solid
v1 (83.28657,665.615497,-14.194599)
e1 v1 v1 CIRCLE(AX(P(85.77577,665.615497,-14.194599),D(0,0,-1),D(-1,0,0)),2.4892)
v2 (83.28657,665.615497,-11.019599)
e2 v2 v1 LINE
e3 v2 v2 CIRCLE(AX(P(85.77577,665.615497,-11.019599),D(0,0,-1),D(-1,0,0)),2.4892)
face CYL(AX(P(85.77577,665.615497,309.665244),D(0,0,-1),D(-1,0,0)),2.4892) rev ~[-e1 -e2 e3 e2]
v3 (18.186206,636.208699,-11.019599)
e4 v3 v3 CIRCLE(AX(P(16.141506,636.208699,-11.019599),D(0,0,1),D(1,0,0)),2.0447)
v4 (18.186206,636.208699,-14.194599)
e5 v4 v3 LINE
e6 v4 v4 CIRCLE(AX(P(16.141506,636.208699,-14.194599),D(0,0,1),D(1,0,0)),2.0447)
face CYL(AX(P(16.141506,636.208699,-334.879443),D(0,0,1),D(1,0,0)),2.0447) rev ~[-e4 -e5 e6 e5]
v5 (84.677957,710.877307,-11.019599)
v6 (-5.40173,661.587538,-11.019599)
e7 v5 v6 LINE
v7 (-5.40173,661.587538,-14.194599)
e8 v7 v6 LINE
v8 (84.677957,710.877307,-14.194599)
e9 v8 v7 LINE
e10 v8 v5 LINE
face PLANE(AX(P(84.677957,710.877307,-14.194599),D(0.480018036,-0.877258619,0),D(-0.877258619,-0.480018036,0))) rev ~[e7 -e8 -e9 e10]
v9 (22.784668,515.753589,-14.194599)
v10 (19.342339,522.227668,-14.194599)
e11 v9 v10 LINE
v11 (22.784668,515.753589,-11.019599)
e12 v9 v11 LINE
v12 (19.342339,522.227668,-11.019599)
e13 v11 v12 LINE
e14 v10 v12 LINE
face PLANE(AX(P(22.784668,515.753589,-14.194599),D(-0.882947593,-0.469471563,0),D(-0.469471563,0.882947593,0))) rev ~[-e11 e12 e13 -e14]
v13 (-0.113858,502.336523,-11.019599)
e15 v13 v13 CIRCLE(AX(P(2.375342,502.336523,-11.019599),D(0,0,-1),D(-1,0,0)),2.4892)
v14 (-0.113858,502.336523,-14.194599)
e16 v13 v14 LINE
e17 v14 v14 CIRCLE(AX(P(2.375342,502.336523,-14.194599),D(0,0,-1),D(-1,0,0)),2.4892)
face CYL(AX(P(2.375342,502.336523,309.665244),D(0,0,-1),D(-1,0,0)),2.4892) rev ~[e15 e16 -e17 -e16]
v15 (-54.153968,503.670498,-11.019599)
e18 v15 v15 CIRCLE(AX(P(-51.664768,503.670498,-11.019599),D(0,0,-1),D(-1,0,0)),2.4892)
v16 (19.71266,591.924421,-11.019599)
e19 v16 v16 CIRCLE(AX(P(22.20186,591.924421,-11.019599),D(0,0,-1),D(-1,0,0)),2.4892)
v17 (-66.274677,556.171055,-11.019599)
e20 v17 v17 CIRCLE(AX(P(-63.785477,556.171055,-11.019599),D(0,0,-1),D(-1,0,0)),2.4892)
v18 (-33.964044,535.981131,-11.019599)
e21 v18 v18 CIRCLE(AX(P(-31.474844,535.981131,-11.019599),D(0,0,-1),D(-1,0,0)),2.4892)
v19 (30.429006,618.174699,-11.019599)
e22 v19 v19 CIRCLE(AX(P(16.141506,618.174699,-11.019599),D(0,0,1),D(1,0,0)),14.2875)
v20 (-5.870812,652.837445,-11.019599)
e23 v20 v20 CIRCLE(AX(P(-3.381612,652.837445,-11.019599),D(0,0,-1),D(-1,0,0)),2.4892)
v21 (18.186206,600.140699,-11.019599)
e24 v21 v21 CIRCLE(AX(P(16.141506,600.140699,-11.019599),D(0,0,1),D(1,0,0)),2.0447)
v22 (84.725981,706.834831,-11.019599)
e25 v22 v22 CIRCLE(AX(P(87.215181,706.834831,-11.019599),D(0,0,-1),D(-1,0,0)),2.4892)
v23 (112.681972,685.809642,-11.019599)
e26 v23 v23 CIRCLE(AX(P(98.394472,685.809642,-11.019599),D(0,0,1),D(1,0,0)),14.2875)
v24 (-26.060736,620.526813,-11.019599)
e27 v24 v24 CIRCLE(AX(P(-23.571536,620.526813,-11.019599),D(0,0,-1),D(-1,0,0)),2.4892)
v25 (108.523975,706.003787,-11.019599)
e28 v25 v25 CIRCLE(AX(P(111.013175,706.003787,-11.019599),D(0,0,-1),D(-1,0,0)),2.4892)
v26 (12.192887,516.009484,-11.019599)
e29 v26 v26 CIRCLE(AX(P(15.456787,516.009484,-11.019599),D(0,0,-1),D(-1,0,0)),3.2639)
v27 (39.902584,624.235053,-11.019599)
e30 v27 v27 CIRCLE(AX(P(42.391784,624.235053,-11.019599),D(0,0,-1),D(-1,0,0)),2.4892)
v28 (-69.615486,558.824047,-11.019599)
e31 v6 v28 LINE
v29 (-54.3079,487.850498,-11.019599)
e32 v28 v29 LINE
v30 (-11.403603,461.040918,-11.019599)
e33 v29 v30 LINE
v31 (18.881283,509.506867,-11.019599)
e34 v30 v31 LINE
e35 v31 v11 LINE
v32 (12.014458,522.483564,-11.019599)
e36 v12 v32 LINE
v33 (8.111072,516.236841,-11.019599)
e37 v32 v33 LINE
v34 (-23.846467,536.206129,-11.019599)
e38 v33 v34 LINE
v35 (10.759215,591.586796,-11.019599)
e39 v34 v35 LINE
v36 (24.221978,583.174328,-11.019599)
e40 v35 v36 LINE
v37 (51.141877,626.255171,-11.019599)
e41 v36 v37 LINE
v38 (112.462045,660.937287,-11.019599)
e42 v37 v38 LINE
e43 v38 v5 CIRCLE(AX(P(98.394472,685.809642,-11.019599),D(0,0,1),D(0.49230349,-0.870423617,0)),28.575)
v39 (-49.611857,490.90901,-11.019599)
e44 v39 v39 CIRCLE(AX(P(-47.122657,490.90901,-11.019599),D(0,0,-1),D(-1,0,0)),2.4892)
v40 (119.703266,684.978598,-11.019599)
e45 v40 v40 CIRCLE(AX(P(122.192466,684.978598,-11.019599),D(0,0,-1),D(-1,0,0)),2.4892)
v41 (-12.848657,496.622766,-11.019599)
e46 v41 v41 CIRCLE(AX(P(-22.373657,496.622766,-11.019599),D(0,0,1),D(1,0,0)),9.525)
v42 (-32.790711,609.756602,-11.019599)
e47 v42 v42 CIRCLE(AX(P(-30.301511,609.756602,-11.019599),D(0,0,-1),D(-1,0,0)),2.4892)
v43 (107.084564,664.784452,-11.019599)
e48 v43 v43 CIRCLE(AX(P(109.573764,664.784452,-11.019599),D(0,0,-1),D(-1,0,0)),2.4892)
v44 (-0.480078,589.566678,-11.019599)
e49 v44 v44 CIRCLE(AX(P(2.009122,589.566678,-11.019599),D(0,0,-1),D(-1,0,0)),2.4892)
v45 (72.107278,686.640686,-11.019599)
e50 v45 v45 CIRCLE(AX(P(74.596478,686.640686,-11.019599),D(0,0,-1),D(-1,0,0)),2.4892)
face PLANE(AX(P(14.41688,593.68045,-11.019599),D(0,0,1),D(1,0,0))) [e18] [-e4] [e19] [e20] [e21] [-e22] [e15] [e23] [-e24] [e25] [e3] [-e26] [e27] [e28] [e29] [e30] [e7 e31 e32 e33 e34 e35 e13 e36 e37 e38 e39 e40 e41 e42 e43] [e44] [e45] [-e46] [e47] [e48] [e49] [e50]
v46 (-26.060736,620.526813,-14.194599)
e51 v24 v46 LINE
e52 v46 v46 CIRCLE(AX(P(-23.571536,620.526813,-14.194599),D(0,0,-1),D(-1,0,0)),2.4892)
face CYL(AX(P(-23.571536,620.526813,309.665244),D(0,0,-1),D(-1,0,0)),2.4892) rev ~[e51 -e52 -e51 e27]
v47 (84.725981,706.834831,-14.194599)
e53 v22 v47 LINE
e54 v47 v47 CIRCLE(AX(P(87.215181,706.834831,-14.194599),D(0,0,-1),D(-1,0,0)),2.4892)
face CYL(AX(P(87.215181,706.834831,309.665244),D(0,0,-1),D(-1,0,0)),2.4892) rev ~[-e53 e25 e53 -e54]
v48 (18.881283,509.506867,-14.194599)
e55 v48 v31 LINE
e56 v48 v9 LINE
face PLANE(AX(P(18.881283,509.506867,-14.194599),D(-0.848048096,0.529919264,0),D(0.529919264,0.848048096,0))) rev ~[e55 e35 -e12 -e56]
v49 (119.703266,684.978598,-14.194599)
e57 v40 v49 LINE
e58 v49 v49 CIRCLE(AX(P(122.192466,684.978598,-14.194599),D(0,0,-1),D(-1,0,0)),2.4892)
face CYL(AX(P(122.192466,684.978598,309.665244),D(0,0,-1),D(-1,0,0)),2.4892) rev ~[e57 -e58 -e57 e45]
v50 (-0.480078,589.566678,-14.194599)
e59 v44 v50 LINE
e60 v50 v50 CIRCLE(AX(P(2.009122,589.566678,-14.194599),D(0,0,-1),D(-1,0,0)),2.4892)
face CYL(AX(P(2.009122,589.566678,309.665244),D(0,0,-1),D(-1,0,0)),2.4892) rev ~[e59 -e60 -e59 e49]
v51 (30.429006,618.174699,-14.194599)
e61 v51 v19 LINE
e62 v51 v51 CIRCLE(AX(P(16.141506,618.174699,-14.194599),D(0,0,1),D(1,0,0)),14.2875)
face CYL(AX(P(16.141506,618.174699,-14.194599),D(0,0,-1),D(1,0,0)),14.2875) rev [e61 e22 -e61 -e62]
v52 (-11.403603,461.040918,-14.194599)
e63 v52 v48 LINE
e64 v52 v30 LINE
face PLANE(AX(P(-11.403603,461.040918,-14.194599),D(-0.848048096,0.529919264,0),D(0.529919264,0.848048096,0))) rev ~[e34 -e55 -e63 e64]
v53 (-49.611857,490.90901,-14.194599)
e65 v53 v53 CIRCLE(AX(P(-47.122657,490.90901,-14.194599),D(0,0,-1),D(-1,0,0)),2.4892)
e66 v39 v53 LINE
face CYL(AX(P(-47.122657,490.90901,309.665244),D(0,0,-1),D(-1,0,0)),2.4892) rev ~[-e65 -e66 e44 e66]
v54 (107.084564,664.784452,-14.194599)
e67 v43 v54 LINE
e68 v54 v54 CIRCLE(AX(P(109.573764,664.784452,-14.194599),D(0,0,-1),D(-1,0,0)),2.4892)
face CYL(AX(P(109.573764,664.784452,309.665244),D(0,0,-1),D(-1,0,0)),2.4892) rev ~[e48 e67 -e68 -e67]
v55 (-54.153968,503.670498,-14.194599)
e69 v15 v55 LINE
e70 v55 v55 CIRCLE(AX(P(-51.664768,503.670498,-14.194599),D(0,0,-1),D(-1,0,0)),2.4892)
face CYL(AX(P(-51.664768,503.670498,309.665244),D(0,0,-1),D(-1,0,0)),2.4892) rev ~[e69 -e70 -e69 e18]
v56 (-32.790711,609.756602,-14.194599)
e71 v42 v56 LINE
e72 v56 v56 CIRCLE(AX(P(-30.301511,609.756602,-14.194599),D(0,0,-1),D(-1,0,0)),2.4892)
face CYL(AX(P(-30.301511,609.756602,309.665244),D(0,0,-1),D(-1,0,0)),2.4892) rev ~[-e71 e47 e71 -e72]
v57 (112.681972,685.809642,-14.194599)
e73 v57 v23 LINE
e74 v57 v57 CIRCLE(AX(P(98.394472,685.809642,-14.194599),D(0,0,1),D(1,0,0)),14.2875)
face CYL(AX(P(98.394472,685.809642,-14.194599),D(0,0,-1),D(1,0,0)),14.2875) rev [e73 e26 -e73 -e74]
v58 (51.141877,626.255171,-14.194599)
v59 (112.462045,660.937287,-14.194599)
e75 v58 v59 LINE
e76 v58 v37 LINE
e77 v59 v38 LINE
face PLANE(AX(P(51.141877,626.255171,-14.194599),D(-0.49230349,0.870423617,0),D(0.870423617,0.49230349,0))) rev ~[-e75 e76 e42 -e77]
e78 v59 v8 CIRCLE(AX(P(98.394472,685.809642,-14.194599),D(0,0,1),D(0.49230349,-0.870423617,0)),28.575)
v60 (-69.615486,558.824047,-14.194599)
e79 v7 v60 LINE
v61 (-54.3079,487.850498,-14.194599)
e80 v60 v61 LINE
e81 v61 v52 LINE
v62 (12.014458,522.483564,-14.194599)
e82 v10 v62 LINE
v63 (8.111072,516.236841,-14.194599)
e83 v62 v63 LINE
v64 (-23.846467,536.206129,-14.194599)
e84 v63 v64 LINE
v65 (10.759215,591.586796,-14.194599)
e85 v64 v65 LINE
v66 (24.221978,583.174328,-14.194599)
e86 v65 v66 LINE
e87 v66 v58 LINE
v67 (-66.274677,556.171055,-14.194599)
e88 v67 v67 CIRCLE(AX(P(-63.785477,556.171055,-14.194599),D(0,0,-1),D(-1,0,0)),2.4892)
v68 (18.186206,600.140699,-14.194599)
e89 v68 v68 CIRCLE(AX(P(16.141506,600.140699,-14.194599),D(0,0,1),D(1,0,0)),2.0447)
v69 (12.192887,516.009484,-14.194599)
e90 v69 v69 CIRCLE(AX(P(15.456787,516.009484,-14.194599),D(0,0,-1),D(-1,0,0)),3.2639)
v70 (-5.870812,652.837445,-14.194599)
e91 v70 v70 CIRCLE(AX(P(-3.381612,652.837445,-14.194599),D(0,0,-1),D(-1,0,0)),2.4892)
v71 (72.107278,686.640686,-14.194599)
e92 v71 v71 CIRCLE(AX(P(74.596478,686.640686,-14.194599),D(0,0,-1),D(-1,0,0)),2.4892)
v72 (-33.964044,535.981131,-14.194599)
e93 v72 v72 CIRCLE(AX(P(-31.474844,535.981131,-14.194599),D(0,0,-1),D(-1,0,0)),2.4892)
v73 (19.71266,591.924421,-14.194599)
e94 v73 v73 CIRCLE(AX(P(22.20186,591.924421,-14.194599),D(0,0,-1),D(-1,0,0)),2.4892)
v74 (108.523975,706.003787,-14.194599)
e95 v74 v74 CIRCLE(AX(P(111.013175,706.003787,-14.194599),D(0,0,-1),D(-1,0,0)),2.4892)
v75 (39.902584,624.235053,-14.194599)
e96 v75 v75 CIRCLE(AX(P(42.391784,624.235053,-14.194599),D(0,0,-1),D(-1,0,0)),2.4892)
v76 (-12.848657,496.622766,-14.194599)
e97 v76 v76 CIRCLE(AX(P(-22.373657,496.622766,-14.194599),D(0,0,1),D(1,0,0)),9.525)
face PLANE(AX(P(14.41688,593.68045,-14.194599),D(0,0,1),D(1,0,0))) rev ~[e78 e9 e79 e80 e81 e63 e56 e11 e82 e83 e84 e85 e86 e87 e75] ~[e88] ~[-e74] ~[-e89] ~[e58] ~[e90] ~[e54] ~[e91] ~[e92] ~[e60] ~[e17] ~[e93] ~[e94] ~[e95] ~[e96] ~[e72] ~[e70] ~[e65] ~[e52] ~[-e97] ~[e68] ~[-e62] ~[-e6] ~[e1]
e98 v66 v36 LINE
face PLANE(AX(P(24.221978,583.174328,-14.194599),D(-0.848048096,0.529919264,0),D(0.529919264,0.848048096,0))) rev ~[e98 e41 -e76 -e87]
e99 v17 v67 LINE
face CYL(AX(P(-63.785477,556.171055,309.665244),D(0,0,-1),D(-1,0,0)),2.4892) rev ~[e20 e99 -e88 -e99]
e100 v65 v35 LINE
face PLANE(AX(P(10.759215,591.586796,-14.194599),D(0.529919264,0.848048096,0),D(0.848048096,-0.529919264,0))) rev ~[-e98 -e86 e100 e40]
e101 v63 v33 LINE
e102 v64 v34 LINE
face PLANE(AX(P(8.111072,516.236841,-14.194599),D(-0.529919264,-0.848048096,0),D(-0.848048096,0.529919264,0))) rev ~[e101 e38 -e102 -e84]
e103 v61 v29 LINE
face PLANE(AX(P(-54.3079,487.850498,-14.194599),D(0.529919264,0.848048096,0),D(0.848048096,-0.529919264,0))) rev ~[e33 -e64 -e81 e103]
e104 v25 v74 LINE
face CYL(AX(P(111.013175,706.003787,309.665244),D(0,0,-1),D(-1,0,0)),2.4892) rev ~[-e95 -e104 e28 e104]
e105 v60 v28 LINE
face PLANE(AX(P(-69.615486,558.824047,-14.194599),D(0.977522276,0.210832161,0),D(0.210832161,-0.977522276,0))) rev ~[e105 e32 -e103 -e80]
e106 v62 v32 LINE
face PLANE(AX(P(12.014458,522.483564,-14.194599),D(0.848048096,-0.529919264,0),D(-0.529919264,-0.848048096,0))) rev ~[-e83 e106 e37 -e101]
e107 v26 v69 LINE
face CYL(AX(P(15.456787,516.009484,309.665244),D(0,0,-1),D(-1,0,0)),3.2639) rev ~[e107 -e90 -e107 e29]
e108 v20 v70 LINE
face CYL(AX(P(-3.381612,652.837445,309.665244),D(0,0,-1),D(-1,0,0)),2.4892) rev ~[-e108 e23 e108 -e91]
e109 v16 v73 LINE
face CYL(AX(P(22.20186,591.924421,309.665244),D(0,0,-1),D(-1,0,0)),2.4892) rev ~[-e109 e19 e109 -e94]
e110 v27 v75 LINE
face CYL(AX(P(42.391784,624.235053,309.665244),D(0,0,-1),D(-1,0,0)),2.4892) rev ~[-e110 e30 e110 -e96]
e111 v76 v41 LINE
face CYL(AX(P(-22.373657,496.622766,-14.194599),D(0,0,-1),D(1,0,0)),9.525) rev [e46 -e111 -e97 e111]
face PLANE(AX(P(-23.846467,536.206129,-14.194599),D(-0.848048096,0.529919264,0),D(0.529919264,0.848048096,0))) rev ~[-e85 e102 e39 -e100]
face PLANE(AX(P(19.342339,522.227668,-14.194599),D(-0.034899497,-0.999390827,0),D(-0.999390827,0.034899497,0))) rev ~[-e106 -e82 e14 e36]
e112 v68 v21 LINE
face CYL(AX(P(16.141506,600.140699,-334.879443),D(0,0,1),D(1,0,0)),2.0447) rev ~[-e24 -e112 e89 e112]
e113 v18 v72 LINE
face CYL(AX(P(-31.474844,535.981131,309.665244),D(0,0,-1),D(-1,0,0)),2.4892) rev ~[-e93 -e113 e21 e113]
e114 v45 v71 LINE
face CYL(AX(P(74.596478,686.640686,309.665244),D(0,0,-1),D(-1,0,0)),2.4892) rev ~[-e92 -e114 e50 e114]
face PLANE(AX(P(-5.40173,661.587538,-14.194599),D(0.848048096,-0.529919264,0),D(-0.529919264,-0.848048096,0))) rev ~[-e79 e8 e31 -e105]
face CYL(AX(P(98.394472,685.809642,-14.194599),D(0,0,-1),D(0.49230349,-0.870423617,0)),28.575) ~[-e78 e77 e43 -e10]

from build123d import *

# Parameters (mm, degrees)
SKETCH1_R                   = 14.2875
SKETCH1_R_2                 = 9.525
BOSS_EXTRUDE1_DEPTH         = 3.175
F_10_CLEARANCE_HOLE2_D      = 4.9784
F_10_CLEARANCE_HOLE3_D      = 4.9784
F_1_4_CLEARANCE_HOLE1_D     = 6.5278
F_20_0_161_DIAMETER_HOLE1_D = 4.0894


with BuildPart() as part:
    # Sketch1 → Boss-Extrude1 (new body)
    with BuildSketch(Plane.XY.offset(-14.194599474)):
        with BuildLine():
            Line((-11.403602879, 461.040918113), (18.881283072, 509.506866808))
            Line((18.881283072, 509.506866808), (22.784668372, 515.753589084))
            Line((22.784668372, 515.753589084), (19.342339301, 522.227668471))
            Line((19.342339301, 522.227668471), (12.014457551, 522.48356374))
            Line((12.014457551, 522.48356374), (8.11107225, 516.236841464))
            Line((8.11107225, 516.236841464), (-23.846467356, 536.206128526))
            Line((-23.846467356, 536.206128526), (10.759214603, 591.586796266))
            Line((10.759214603, 591.586796266), (24.22197813, 583.174327946))
            Line((24.22197813, 583.174327946), (51.141876753, 626.255171231))
            Line((51.141876753, 626.255171231), (112.462044501, 660.93728694))
            ThreePointArc((112.462044501, 660.93728694), (123.365099157, 699.702028841), (84.677956887, 710.877306848))
            Line((84.677956887, 710.877306848), (-5.401730059, 661.587538174))
            Line((-5.401730059, 661.587538174), (-69.615486106, 558.824047132))
            Line((-69.615486106, 558.824047132), (-54.307899735, 487.850498283))
            Line((-54.307899735, 487.850498283), (-11.403602879, 461.040918113))
        make_face()
        with Locations((16.14150623, 618.174698631)):
            Circle(SKETCH1_R, mode=Mode.SUBTRACT)
        with Locations((-22.373657227, 496.622766323)):
            Circle(SKETCH1_R_2, mode=Mode.SUBTRACT)
        with Locations((98.394472266, 685.809641802)):
            Circle(SKETCH1_R, mode=Mode.SUBTRACT)
    extrude(amount=BOSS_EXTRUDE1_DEPTH)

    # #10 Clearance Hole2 (through all)
    with Locations(Plane.XY.offset(-11.019599474)):
        with Locations((2.375342418, 502.336523103), (-47.122656873, 490.909009542), (-3.381611976, 652.837445435), (42.391784014, 624.235053148), (22.201860047, 591.924420685), (-23.571535943, 620.526812972), (-31.474844299, 535.981130963), (-63.785476762, 556.17105493), (-51.664768266, 503.670498499), (2.009121865, 589.566678183), (-30.301510599, 609.756602151)):
            Hole(F_10_CLEARANCE_HOLE2_D / 2)

    # #10 Clearance Hole3 (through all)
    with Locations(Plane.XY.offset(-11.019599474)):
        with Locations((111.013174745, 706.003787092), (122.192466334, 684.978597537), (109.573763855, 664.784452247), (85.775769786, 665.615496512), (74.596478197, 686.640686067), (87.215180677, 706.834831357)):
            Hole(F_10_CLEARANCE_HOLE3_D / 2)

    # 1/4 Clearance Hole1 (through all)
    with Locations(Plane.XY.offset(-11.019599474)):
        with Locations((15.456786622, 516.009484354)):
            Hole(F_1_4_CLEARANCE_HOLE1_D / 2)

    # #20 (0.161) Diameter Hole1 (through all)
    with Locations(Plane(origin=(0, 0, -14.194599474), x_dir=(-1, 0, 0), z_dir=(0, 0, -1))):
        with Locations((-16.141506225, 636.208698631), (-16.141506234, 600.140698631)):
            Hole(F_20_0_161_DIAMETER_HOLE1_D / 2)


solid = part.part
